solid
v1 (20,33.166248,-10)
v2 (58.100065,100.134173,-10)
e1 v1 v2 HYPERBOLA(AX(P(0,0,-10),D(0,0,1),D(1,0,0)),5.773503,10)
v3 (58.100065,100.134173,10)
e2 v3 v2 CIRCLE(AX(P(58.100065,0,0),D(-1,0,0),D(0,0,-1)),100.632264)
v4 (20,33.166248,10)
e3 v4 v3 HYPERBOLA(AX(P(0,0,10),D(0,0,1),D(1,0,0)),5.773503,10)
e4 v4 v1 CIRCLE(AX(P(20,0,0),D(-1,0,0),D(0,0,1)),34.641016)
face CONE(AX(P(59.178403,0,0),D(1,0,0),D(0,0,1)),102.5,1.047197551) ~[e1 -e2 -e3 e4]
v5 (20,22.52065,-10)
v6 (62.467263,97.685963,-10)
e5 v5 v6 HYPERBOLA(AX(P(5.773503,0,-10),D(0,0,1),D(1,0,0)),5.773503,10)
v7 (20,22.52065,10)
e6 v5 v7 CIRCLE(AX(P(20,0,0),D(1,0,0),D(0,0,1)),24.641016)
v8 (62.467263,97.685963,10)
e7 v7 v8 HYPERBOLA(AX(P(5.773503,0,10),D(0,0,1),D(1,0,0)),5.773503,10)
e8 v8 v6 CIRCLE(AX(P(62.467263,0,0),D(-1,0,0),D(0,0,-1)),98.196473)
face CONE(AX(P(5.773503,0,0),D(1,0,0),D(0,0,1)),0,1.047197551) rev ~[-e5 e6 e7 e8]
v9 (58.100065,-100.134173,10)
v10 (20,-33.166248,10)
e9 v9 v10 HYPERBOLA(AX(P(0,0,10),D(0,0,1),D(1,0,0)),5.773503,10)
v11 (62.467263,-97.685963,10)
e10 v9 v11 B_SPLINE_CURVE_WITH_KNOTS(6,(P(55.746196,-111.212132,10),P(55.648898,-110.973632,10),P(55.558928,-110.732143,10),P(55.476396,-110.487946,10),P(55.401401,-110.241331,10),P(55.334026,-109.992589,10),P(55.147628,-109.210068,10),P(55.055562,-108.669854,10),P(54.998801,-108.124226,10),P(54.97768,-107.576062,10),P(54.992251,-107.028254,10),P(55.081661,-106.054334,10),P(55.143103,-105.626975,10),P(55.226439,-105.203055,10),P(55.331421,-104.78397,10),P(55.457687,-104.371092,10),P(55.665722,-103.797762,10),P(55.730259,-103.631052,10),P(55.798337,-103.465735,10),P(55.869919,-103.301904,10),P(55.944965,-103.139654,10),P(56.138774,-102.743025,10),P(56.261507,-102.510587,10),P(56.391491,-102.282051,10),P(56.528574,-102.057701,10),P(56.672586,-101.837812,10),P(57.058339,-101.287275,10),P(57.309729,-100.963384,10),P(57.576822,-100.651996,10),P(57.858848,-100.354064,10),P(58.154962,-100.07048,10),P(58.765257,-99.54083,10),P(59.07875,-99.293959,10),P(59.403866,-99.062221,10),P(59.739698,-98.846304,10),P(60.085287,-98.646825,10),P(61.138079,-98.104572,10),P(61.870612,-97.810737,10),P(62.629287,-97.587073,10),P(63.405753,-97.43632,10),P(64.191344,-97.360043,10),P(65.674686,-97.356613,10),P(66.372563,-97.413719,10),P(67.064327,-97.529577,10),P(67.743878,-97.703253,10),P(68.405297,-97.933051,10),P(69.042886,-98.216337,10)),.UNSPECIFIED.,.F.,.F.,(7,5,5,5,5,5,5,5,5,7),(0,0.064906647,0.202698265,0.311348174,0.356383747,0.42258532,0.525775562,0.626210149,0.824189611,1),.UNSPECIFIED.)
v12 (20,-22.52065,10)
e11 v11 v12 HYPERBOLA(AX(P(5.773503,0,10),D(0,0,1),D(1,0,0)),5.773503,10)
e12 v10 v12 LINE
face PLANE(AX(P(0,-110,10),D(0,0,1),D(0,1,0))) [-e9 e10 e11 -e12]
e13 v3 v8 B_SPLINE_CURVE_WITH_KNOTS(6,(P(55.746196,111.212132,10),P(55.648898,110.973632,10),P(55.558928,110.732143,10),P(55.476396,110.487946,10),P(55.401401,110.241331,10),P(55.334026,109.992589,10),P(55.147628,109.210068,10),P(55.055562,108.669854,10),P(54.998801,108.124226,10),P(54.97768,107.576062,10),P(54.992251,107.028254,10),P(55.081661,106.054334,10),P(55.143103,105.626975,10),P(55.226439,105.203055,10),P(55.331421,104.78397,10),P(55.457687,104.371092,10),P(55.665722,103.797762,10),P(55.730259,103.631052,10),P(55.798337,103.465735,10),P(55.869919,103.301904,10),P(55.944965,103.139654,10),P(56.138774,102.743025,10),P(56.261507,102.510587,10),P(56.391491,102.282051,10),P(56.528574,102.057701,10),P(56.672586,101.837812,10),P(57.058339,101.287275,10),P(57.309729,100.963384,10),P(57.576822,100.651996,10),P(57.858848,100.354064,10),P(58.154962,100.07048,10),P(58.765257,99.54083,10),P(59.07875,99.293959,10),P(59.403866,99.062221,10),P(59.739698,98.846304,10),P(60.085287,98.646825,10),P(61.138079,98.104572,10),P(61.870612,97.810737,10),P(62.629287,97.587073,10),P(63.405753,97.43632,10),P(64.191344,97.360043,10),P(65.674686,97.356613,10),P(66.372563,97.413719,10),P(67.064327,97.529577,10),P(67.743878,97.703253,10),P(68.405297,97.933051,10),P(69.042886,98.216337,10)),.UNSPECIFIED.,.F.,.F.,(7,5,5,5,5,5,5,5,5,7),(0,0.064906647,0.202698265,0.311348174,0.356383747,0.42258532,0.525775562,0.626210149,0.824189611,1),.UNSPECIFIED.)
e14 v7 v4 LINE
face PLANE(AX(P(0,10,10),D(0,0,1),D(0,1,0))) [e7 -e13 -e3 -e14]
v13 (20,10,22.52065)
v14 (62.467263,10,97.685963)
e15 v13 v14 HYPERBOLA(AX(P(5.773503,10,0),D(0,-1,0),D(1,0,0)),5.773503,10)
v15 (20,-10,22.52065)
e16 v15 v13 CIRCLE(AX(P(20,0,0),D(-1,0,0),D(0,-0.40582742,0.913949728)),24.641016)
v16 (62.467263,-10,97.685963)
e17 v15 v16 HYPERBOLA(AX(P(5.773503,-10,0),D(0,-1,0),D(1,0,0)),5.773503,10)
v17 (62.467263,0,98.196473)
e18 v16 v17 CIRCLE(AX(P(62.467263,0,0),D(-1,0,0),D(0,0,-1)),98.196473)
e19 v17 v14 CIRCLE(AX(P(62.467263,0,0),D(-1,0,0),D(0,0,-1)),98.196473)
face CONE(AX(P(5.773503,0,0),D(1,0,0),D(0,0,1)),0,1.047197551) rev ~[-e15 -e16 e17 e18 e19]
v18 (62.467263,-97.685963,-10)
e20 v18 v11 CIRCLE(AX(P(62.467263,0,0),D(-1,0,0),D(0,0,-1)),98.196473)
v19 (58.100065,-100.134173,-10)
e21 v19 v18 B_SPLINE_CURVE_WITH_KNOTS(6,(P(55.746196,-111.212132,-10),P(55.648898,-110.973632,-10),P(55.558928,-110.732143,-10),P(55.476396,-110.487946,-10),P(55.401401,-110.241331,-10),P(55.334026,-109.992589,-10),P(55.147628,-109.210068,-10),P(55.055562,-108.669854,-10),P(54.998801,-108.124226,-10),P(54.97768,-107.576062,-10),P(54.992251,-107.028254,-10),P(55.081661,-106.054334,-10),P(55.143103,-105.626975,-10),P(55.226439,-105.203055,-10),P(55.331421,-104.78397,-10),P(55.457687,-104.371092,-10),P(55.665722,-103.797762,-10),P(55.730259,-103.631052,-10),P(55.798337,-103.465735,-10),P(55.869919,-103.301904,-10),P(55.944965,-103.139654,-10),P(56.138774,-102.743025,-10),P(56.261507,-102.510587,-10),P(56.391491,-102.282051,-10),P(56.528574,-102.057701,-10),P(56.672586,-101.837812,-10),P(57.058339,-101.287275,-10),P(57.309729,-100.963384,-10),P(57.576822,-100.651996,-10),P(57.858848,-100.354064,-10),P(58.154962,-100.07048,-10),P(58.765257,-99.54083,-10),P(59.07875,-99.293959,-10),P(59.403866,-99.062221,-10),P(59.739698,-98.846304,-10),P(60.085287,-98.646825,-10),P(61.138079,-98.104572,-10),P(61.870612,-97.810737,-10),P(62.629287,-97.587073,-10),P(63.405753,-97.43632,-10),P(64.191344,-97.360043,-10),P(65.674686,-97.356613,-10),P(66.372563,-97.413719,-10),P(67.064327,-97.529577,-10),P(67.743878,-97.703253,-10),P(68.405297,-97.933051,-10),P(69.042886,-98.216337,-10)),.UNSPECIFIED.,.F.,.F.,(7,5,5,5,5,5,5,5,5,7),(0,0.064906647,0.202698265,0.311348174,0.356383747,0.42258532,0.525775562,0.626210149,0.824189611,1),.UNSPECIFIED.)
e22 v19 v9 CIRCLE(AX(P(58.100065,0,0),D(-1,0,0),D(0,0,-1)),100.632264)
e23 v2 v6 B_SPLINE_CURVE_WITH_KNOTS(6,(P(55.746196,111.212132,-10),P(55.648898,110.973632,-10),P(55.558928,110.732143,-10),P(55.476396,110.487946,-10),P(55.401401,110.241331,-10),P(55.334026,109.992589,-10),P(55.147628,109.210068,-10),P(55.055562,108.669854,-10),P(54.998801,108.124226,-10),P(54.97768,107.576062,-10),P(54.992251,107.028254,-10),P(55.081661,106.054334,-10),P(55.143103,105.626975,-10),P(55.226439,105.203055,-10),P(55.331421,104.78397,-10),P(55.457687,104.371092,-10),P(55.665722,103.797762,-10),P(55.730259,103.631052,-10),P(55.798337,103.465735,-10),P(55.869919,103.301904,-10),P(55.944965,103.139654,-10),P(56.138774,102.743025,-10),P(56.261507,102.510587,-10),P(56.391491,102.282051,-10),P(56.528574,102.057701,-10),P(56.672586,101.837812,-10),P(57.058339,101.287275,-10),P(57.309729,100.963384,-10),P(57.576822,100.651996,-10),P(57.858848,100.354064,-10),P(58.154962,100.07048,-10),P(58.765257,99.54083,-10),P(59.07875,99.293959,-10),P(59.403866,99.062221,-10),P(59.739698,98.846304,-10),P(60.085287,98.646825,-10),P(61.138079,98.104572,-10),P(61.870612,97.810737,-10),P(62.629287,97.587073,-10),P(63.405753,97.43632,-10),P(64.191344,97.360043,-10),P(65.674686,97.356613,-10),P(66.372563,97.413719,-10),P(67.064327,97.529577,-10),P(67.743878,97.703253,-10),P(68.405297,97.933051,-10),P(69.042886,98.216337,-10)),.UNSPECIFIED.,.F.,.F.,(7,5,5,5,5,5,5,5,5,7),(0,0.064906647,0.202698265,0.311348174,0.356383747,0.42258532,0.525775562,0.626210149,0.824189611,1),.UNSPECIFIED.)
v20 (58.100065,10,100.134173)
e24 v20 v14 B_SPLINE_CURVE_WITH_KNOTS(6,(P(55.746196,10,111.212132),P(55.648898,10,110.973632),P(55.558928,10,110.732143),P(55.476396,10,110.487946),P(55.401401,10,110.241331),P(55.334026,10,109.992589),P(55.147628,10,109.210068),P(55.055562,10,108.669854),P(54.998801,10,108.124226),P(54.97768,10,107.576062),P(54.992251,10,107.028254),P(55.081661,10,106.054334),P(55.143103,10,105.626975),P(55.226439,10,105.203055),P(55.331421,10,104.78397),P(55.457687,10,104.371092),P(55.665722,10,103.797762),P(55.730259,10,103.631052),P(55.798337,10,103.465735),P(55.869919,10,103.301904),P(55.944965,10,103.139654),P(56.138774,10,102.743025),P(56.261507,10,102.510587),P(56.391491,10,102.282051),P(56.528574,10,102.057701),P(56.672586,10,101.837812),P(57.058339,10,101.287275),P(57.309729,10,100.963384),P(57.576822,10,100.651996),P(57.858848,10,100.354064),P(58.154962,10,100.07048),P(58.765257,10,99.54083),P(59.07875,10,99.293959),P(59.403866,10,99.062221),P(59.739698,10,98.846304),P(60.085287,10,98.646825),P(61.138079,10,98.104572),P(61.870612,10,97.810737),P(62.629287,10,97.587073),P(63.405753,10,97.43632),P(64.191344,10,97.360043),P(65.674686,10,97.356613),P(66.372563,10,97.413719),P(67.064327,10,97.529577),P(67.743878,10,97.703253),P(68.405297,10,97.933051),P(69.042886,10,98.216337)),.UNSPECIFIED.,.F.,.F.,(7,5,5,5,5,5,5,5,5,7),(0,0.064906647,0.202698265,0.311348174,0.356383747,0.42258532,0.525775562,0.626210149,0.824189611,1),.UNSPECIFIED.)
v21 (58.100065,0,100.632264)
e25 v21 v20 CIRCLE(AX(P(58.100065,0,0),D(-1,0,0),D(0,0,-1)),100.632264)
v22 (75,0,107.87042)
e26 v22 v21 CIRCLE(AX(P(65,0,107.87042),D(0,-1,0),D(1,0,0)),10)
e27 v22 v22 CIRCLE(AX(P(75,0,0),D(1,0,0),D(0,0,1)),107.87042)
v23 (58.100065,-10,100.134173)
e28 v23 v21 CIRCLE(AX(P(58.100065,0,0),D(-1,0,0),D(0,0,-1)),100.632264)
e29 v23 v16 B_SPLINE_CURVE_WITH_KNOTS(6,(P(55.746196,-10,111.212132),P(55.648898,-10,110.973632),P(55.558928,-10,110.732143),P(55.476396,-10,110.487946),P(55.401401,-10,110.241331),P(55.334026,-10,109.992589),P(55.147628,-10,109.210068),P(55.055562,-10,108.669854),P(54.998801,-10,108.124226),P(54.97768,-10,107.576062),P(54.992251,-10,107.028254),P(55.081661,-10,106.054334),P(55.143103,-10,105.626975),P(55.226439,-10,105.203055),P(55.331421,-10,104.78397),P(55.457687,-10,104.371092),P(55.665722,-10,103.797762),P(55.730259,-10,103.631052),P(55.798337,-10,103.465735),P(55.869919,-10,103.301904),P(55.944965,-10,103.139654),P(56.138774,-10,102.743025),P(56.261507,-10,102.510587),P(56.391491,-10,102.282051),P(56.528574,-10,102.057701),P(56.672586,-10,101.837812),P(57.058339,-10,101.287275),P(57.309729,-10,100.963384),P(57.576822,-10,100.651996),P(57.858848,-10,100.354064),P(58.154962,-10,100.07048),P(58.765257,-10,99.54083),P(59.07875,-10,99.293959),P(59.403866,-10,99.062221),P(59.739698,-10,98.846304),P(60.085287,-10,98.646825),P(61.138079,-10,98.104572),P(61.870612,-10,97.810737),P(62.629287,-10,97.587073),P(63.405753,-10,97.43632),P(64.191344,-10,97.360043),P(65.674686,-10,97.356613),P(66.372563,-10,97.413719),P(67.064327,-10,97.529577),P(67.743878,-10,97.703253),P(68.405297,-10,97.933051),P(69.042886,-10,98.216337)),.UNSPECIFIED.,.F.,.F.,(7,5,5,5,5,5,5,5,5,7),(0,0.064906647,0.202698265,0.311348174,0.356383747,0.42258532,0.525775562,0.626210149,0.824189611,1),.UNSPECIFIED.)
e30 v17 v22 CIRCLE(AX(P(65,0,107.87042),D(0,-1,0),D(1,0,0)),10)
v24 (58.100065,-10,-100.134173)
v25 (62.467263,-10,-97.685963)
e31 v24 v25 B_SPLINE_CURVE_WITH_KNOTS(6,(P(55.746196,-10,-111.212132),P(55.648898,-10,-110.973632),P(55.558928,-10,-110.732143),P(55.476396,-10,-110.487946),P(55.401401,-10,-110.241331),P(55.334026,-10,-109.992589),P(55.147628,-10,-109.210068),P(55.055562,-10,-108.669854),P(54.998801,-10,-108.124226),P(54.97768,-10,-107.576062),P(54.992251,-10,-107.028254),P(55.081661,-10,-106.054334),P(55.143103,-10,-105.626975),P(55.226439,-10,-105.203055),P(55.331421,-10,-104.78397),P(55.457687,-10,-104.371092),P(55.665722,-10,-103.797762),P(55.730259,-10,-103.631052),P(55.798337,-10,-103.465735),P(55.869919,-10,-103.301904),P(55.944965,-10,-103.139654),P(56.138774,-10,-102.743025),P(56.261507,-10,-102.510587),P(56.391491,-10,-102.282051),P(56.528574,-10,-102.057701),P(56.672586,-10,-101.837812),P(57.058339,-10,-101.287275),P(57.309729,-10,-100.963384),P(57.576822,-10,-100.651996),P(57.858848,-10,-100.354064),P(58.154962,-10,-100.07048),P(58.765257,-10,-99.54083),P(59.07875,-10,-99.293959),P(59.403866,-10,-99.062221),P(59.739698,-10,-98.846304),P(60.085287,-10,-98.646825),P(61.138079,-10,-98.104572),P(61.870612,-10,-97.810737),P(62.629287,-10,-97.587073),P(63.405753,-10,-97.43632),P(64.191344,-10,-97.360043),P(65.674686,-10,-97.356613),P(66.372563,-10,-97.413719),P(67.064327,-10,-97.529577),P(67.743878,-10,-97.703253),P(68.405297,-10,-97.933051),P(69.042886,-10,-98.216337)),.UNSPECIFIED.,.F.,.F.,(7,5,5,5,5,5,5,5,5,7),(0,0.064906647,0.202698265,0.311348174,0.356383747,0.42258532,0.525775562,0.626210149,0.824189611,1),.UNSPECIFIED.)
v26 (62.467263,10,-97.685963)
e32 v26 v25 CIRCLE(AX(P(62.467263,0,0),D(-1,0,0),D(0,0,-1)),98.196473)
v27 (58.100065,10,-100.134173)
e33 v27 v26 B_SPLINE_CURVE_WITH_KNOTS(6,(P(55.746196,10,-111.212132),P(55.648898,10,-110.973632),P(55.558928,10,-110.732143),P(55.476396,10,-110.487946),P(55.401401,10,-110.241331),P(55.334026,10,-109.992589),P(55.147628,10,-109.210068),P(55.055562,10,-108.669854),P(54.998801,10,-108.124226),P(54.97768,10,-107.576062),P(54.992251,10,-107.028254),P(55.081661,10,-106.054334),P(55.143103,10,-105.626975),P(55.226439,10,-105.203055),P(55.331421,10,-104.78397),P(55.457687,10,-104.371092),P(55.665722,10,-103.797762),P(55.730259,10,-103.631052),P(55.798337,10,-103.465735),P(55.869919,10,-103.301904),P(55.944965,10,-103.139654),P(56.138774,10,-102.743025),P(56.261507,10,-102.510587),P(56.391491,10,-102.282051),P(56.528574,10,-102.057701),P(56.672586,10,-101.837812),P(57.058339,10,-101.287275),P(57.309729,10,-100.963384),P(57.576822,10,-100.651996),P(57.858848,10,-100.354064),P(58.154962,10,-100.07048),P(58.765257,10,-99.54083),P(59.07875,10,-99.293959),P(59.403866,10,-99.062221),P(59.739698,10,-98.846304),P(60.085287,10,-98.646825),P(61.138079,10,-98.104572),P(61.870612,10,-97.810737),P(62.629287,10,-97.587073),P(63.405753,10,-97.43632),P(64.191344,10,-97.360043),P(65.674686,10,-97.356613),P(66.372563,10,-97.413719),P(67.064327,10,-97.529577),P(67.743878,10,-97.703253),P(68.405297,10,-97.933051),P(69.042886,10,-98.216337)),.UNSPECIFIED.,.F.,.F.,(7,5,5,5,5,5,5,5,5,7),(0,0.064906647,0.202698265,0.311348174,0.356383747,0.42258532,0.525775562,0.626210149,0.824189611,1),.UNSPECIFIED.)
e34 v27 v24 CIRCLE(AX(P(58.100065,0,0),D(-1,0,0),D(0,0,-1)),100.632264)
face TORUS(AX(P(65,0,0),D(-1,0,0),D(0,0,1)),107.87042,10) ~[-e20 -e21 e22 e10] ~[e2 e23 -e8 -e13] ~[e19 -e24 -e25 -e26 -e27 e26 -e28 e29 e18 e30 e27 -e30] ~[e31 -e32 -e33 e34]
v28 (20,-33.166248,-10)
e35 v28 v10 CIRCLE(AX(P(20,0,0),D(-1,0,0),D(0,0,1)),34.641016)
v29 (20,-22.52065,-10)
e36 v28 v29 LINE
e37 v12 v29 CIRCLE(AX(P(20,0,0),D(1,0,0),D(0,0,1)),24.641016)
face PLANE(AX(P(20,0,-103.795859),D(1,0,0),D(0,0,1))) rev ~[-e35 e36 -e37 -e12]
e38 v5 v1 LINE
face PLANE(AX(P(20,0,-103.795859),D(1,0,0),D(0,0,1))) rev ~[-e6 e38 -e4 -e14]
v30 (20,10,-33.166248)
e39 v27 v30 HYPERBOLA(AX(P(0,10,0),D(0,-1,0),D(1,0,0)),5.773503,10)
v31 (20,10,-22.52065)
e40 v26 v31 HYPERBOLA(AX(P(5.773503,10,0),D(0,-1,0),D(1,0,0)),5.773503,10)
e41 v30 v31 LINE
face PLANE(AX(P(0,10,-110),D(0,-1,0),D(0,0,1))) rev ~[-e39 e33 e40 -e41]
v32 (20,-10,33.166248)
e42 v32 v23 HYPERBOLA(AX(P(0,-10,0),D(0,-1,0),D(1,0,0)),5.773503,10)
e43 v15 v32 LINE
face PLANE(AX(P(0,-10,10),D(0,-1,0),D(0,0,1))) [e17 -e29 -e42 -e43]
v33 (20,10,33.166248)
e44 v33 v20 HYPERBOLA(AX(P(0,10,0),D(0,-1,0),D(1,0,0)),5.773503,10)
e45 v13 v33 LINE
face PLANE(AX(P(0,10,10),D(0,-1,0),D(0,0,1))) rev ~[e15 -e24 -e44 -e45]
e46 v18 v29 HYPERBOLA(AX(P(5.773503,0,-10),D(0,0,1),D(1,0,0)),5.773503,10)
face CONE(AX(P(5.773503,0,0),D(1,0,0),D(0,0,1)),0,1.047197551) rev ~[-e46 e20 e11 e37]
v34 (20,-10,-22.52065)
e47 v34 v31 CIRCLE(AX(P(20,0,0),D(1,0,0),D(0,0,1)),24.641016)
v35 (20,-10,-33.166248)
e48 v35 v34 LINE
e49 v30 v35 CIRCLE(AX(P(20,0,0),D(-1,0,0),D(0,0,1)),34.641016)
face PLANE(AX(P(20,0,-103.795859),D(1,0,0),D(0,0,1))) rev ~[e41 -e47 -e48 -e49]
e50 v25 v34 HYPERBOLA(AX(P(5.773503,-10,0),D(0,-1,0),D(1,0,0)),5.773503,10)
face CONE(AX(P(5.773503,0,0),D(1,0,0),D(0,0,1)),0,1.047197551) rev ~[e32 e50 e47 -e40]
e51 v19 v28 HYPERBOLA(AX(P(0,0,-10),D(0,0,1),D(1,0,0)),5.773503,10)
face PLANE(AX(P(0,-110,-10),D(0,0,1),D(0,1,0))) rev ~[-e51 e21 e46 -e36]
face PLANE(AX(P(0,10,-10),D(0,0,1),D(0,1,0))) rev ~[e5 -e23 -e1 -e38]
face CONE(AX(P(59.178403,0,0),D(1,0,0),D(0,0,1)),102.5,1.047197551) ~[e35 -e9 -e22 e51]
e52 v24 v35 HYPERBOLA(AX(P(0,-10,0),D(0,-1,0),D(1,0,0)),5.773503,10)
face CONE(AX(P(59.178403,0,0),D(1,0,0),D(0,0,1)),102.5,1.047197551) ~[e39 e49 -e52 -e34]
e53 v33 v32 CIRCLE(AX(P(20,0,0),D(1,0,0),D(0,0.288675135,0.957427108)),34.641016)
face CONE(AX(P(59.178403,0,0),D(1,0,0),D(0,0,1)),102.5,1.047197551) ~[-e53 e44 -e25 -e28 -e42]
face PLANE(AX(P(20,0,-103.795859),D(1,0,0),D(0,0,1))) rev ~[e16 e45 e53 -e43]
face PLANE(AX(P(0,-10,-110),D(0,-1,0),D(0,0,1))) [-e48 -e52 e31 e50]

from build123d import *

# Parameters (mm, degrees)
F2_W     = 100
F2_H     = 100
F3_DEPTH = 100
F4_R     = 10
F6_W     = 96.7741915935
F6_H     = 197.4193443438
F7_DEPTH = 50


with BuildPart() as f1:
    # F0 (on Front) → F1 (revolve)
    with BuildSketch(Plane.XZ):
        Polygon((59.1784025919, 102.5), (0, 0), (5.7735026919, 0), (63.5085296109, 100), align=None)
    revolve(axis=Axis((20.5558100715, 0, 0), (1, 0, 0)))

    # F2 (on Right) → F3 (cut)
    with BuildSketch(Plane.YZ):
        with Locations((60, 60)):
            Rectangle(F2_W, F2_H)
        with Locations((60, -60)):
            Rectangle(F2_W, F2_H)
        with Locations((-60, 60)):
            Rectangle(F2_W, F2_H)
        with Locations((-60, -60)):
            Rectangle(F2_W, F2_H)
    extrude(amount=F3_DEPTH, mode=Mode.SUBTRACT)

    # F4 (on Front) → F5 (revolve)
    with BuildSketch(Plane.XZ):
        with Locations((65, 107.8704196738)):
            Circle(F4_R)
    revolve(axis=Axis((29.1963377967, 0, 0), (1, 0, 0)))

    # F6 (on Front) → F7 (cut, symmetric)
    with BuildSketch(Plane.XZ):
        with Locations((-28.3870957967, -5.0861872733)):
            Rectangle(F6_W, F6_H)
    extrude(amount=F7_DEPTH, both=True, mode=Mode.SUBTRACT)


solid = f1.part
